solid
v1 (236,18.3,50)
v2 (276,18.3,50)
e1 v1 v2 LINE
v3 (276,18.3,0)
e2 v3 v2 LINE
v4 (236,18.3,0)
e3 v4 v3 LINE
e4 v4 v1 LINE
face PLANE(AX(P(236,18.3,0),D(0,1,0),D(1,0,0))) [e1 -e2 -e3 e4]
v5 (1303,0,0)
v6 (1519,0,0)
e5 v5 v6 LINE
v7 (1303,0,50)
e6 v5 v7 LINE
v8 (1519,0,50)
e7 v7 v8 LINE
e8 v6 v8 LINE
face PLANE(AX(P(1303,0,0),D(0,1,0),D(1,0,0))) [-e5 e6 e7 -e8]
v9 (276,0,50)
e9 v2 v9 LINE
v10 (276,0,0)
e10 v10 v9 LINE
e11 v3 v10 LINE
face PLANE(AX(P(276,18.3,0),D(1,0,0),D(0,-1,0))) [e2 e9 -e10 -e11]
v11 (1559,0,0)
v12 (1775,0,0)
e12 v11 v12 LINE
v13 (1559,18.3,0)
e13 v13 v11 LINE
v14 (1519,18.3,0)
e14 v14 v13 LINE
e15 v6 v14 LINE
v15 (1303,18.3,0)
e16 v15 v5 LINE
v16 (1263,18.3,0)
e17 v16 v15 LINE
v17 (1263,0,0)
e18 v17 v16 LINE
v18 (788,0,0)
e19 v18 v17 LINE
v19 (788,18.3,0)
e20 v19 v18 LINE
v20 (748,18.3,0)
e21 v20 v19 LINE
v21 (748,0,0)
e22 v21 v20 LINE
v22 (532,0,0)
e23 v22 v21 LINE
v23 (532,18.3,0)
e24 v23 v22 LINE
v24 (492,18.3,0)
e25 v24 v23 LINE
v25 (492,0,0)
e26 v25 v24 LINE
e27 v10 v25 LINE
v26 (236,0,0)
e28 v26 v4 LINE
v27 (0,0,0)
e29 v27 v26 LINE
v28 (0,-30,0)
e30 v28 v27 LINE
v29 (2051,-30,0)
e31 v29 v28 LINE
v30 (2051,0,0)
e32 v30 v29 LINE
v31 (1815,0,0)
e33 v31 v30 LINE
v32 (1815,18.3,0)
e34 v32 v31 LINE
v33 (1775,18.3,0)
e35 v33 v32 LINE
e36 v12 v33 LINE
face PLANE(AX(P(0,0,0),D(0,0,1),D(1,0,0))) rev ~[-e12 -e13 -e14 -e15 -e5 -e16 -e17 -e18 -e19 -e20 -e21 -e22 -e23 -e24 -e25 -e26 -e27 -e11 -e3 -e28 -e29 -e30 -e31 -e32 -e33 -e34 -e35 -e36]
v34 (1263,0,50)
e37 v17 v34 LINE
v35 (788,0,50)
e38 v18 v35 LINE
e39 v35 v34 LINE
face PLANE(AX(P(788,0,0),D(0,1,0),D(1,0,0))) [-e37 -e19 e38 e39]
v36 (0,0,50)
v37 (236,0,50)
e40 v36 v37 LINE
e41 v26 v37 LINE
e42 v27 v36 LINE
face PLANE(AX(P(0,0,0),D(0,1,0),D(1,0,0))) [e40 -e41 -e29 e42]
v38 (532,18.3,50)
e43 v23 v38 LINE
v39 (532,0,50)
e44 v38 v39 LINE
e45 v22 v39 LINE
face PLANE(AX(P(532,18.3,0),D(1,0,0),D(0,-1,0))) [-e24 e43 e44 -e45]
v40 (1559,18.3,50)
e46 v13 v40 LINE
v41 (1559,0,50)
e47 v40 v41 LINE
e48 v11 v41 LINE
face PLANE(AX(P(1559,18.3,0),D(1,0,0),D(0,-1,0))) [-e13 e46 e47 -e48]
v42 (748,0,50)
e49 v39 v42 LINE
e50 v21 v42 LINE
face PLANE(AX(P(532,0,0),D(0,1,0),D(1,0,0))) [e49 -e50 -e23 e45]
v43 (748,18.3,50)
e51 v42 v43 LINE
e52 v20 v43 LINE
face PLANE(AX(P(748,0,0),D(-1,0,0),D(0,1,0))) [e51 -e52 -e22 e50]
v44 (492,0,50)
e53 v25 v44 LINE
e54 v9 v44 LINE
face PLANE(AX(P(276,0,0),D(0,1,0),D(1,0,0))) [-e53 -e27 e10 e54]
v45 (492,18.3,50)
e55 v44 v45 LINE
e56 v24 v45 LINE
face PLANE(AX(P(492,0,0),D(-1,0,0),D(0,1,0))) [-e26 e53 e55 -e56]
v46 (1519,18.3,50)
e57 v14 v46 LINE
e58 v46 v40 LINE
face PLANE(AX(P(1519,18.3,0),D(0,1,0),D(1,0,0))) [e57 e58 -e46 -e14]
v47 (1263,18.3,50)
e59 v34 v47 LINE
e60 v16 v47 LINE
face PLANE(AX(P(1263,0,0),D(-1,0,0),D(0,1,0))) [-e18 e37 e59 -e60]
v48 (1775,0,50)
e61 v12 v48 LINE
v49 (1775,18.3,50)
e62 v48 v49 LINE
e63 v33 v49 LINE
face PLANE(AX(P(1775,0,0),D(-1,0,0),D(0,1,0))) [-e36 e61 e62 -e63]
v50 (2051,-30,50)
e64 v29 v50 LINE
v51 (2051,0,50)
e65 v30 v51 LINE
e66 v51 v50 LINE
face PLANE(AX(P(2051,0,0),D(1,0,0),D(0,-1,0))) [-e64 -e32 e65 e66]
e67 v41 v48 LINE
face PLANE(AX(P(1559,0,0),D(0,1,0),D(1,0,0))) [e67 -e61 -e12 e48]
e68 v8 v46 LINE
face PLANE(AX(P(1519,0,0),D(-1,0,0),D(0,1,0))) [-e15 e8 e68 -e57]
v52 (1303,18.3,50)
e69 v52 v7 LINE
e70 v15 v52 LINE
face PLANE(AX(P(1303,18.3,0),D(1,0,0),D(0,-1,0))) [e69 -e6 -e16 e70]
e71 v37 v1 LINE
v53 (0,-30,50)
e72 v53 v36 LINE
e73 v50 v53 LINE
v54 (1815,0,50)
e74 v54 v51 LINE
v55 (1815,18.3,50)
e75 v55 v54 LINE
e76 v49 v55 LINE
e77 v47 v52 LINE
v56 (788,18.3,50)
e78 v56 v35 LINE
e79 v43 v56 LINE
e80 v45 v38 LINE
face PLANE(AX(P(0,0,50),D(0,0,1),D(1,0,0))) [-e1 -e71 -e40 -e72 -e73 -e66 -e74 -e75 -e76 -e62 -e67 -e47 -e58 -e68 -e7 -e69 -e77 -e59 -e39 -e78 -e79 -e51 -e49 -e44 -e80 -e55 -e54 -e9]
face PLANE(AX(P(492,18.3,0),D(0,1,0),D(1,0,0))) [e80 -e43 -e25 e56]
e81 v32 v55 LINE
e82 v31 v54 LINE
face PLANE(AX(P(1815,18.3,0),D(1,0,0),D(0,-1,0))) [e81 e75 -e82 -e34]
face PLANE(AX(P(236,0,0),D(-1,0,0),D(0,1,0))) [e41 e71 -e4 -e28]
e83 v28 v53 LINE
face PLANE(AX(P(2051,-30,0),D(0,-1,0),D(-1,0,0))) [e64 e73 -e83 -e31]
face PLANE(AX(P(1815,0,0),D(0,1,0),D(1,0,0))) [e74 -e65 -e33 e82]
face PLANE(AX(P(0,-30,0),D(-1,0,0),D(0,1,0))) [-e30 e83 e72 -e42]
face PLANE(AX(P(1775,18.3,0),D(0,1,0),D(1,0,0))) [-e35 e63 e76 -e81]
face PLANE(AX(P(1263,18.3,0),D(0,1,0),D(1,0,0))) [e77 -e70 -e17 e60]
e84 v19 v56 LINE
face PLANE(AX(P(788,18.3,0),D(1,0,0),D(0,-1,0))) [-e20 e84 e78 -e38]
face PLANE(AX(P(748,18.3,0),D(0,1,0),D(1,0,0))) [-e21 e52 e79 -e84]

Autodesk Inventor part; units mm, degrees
ref_plane "YZ Plane" through (0, 0, 0) normal (1, 0, 0) x (0, 1, 0)
ref_plane "XZ Plane" through (0, 0, 0) normal (0, 1, 0) x (-1, 0, 0)
ref_plane "XY Plane" through (0, 0, 0) normal (0, 0, 1) x (1, 0, 0)
sketch "Sketch1" plane through (0, 0, 0) normal (0, 0, 1) x (1, 0, 0)
  line L0 (0, 0) -> (2051, 0)
  line L1 (2051, 0) -> (2051, -30)
  line L2 (2051, -30) -> (0, -30)
  line L3 (0, -30) -> (0, 0)
  line L4 (256, 44.3402) -> (256, -8.0121) construction
  line L5 (512, 44.3402) -> (512, -8.0121) construction
  line L6 (768, 44.3402) -> (768, -8.0121) construction
  line L7 (1795, 15.5437) -> (1795, -11.3939) construction
  line L8 (1539, 15.5437) -> (1539, -11.3939) construction
  line L9 (1283, 15.5437) -> (1283, -11.3939) construction
  line L10 (236, 18.3) -> (276, 18.3)
  line L11 (276, 18.3) -> (276, 0)
  line L12 (276, 0) -> (236, 0)
  line L13 (236, 0) -> (236, 18.3)
  line L14 (492, 18.3) -> (532, 18.3)
  line L15 (532, 18.3) -> (532, 0)
  line L16 (532, 0) -> (492, 0)
  line L17 (492, 0) -> (492, 18.3)
  line L18 (748, 18.3) -> (788, 18.3)
  line L19 (788, 18.3) -> (788, 0)
  line L20 (788, 0) -> (748, 0)
  line L21 (748, 0) -> (748, 18.3)
  line L22 (1775, 18.3) -> (1815, 18.3)
  line L23 (1815, 18.3) -> (1815, 0)
  line L24 (1815, 0) -> (1775, 0)
  line L25 (1775, 0) -> (1775, 18.3)
  line L26 (1519, 18.3) -> (1559, 18.3)
  line L27 (1559, 18.3) -> (1559, 0)
  line L28 (1559, 0) -> (1519, 0)
  line L29 (1519, 0) -> (1519, 18.3)
  line L30 (1263, 18.3) -> (1303, 18.3)
  line L31 (1303, 18.3) -> (1303, 0)
  line L32 (1303, 0) -> (1263, 0)
  line L33 (1263, 0) -> (1263, 18.3)
  dimension "d0" = 2051
  dimension "d1" = 30
  dimension "d2" = 256
  dimension "d5" = 256
  dimension "d10" = 256
  dimension "d13" = 256
  dimension "d18" = 18.3
  dimension "d19" = 40
  dimension "d20" = 20
  dimension "d23" = 256
  dimension "d28" = 18.3
  dimension "d29" = 40
  dimension "d30" = 20
  dimension "d33" = 256
extrude "Extrusion1" add sketch "Sketch1" along normal blind 50
properties part number "Rail"
